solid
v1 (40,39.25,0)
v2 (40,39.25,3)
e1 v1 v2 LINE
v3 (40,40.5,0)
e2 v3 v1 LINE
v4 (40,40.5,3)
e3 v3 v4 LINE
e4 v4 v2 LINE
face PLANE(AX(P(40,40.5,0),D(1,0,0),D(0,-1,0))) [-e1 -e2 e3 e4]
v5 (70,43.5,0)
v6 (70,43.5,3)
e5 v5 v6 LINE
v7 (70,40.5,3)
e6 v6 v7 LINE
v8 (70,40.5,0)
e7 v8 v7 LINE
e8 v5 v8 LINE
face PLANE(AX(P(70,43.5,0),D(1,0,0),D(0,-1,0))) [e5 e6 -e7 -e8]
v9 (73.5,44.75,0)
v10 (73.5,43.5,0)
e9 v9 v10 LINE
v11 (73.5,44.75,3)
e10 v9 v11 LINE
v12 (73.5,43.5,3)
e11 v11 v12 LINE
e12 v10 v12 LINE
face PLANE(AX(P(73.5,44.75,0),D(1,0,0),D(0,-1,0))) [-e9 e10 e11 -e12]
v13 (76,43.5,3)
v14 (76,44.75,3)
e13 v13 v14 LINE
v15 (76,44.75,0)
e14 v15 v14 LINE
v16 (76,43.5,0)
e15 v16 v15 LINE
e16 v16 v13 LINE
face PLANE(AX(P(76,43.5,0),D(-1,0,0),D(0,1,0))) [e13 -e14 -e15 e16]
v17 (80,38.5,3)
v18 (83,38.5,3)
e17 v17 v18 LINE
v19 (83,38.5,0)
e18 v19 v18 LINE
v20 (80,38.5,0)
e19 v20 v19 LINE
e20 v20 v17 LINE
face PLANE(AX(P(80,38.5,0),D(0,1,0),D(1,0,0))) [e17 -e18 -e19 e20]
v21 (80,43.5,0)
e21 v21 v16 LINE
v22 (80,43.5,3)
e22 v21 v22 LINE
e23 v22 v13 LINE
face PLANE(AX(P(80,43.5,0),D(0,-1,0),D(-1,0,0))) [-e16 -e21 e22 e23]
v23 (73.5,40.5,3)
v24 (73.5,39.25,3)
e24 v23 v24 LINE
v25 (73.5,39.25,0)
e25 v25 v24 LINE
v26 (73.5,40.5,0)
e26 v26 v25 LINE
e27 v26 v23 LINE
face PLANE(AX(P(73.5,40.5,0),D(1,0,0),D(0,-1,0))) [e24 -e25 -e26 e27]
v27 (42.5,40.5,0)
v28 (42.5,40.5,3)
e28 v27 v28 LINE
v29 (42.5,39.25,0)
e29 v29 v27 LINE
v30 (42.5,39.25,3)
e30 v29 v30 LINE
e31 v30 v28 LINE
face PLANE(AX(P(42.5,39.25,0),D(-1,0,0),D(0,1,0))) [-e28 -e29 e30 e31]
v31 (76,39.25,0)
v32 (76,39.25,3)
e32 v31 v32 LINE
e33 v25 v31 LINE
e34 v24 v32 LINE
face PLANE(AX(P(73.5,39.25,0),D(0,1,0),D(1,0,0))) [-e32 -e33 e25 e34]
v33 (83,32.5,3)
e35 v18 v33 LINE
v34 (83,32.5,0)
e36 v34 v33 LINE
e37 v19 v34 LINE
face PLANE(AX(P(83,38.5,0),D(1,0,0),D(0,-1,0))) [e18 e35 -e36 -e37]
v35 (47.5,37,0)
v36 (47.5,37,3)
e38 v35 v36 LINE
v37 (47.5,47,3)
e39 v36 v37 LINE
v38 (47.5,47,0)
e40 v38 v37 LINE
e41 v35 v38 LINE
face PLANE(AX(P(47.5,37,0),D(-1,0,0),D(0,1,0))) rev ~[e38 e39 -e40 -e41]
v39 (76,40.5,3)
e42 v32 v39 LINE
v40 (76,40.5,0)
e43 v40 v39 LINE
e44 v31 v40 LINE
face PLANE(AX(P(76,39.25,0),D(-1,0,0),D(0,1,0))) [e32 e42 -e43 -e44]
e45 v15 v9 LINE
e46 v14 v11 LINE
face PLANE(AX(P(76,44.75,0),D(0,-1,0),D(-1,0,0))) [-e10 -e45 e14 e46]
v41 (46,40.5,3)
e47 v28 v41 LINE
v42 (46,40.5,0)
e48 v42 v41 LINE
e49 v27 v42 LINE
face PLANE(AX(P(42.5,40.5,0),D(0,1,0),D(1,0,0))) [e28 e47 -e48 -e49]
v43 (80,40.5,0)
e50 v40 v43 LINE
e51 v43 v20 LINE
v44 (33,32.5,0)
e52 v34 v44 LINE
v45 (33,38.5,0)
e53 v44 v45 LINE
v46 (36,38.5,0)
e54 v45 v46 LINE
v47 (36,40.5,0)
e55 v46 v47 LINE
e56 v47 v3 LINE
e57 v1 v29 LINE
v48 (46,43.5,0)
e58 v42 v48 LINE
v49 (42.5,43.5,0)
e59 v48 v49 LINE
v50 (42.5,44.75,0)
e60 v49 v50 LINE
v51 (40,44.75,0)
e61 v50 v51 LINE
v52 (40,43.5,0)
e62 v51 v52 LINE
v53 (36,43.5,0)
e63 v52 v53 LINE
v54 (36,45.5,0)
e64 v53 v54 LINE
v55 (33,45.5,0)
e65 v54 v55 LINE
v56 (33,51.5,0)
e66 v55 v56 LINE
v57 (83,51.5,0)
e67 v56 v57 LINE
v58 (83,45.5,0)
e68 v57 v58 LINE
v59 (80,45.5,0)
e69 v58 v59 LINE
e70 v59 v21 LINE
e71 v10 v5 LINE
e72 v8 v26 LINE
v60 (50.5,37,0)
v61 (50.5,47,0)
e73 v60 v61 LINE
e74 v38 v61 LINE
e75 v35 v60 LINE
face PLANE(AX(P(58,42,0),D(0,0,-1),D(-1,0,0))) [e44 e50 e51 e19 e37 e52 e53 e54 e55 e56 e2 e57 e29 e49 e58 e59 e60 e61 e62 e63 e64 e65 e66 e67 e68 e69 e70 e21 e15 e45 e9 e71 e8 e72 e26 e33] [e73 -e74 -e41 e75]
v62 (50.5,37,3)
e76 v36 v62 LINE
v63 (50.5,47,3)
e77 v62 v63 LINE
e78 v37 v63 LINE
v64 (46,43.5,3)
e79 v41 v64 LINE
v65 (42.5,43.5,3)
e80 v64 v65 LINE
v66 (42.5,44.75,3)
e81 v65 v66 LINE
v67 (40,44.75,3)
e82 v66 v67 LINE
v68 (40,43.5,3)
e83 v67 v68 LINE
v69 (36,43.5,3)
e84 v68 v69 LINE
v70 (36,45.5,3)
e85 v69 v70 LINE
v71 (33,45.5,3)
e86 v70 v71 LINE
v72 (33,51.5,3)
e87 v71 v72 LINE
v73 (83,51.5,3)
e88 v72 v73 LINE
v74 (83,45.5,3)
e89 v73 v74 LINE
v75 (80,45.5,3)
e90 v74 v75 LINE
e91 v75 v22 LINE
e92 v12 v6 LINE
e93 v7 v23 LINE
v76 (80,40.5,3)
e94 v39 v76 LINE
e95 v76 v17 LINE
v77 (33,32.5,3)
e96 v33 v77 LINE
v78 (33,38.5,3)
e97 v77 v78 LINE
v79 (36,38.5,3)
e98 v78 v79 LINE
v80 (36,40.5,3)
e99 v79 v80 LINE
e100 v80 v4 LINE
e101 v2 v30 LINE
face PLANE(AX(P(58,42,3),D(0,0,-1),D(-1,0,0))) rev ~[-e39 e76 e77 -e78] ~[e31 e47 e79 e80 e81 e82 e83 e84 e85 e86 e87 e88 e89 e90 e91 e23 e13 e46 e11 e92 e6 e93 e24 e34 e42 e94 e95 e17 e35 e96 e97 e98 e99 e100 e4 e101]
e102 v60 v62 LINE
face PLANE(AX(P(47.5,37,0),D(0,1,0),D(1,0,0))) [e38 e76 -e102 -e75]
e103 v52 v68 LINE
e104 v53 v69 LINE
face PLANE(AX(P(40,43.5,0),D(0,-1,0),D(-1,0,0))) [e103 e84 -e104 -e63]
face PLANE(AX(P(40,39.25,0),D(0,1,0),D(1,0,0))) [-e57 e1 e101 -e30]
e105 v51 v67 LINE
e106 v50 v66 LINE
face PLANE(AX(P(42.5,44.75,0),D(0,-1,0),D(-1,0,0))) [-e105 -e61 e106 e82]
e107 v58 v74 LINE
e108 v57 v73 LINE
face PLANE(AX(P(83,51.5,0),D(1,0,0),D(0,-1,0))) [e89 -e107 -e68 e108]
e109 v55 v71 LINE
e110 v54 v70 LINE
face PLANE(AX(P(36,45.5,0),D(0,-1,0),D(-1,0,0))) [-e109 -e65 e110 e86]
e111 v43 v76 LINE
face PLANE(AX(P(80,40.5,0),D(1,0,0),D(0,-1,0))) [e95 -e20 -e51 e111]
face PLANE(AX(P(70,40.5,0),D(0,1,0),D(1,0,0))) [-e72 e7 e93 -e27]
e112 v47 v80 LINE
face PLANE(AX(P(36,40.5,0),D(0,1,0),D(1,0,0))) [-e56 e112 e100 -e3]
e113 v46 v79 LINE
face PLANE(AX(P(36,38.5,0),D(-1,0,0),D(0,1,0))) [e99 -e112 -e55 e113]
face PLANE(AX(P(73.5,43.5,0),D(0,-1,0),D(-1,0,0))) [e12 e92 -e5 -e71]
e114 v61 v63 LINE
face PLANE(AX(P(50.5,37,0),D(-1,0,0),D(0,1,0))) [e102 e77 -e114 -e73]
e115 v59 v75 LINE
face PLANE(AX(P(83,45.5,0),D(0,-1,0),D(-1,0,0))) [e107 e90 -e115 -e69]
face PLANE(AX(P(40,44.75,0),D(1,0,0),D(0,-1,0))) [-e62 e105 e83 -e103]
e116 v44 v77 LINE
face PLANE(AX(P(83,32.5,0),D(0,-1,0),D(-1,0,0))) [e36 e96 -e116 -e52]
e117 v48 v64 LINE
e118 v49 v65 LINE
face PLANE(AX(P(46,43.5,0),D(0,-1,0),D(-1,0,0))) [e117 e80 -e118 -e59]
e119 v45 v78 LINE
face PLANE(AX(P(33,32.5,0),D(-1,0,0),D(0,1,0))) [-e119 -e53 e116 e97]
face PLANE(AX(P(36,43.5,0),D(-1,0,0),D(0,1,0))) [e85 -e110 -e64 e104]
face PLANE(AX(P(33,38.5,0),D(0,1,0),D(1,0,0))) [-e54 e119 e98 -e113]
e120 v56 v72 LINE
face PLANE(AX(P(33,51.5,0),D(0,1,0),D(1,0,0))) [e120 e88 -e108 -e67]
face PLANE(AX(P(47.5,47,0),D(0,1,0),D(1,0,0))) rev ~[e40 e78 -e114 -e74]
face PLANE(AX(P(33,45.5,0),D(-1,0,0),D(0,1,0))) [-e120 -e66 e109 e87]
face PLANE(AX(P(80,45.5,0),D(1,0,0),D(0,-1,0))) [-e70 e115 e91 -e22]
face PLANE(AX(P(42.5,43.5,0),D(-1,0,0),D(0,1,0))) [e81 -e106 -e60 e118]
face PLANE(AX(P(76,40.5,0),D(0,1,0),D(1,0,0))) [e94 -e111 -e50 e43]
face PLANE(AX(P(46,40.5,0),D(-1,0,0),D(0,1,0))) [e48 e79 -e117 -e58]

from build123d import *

# Parameters (mm, degrees)
MODEL_W             = 3
MODEL_H             = 10
BOSS_EXTRUDE1_DEPTH = 3


with BuildPart() as part:
    # Model → Boss-Extrude1 (new body)
    with BuildSketch(Plane.XY):
        Polygon((83, 32.5), (33, 32.5), (33, 38.5), (36, 38.5), (36, 40.5), (40, 40.5), (40, 39.25), (42.5, 39.25), (42.5, 40.5), (46, 40.5), (46, 43.5), (42.5, 43.5), (42.5, 44.75), (40, 44.75), (40, 43.5), (36, 43.5), (36, 45.5), (33, 45.5), (33, 51.5), (83, 51.5), (83, 45.5), (80, 45.5), (80, 43.5), (76, 43.5), (76, 44.75), (73.5, 44.75), (73.5, 43.5), (70, 43.5), (70, 40.5), (73.5, 40.5), (73.5, 39.25), (76, 39.25), (76, 40.5), (80, 40.5), (80, 38.5), (83, 38.5), align=None)
        with Locations((49, 42)):
            Rectangle(MODEL_W, MODEL_H, mode=Mode.SUBTRACT)
    extrude(amount=BOSS_EXTRUDE1_DEPTH)


solid = part.part
